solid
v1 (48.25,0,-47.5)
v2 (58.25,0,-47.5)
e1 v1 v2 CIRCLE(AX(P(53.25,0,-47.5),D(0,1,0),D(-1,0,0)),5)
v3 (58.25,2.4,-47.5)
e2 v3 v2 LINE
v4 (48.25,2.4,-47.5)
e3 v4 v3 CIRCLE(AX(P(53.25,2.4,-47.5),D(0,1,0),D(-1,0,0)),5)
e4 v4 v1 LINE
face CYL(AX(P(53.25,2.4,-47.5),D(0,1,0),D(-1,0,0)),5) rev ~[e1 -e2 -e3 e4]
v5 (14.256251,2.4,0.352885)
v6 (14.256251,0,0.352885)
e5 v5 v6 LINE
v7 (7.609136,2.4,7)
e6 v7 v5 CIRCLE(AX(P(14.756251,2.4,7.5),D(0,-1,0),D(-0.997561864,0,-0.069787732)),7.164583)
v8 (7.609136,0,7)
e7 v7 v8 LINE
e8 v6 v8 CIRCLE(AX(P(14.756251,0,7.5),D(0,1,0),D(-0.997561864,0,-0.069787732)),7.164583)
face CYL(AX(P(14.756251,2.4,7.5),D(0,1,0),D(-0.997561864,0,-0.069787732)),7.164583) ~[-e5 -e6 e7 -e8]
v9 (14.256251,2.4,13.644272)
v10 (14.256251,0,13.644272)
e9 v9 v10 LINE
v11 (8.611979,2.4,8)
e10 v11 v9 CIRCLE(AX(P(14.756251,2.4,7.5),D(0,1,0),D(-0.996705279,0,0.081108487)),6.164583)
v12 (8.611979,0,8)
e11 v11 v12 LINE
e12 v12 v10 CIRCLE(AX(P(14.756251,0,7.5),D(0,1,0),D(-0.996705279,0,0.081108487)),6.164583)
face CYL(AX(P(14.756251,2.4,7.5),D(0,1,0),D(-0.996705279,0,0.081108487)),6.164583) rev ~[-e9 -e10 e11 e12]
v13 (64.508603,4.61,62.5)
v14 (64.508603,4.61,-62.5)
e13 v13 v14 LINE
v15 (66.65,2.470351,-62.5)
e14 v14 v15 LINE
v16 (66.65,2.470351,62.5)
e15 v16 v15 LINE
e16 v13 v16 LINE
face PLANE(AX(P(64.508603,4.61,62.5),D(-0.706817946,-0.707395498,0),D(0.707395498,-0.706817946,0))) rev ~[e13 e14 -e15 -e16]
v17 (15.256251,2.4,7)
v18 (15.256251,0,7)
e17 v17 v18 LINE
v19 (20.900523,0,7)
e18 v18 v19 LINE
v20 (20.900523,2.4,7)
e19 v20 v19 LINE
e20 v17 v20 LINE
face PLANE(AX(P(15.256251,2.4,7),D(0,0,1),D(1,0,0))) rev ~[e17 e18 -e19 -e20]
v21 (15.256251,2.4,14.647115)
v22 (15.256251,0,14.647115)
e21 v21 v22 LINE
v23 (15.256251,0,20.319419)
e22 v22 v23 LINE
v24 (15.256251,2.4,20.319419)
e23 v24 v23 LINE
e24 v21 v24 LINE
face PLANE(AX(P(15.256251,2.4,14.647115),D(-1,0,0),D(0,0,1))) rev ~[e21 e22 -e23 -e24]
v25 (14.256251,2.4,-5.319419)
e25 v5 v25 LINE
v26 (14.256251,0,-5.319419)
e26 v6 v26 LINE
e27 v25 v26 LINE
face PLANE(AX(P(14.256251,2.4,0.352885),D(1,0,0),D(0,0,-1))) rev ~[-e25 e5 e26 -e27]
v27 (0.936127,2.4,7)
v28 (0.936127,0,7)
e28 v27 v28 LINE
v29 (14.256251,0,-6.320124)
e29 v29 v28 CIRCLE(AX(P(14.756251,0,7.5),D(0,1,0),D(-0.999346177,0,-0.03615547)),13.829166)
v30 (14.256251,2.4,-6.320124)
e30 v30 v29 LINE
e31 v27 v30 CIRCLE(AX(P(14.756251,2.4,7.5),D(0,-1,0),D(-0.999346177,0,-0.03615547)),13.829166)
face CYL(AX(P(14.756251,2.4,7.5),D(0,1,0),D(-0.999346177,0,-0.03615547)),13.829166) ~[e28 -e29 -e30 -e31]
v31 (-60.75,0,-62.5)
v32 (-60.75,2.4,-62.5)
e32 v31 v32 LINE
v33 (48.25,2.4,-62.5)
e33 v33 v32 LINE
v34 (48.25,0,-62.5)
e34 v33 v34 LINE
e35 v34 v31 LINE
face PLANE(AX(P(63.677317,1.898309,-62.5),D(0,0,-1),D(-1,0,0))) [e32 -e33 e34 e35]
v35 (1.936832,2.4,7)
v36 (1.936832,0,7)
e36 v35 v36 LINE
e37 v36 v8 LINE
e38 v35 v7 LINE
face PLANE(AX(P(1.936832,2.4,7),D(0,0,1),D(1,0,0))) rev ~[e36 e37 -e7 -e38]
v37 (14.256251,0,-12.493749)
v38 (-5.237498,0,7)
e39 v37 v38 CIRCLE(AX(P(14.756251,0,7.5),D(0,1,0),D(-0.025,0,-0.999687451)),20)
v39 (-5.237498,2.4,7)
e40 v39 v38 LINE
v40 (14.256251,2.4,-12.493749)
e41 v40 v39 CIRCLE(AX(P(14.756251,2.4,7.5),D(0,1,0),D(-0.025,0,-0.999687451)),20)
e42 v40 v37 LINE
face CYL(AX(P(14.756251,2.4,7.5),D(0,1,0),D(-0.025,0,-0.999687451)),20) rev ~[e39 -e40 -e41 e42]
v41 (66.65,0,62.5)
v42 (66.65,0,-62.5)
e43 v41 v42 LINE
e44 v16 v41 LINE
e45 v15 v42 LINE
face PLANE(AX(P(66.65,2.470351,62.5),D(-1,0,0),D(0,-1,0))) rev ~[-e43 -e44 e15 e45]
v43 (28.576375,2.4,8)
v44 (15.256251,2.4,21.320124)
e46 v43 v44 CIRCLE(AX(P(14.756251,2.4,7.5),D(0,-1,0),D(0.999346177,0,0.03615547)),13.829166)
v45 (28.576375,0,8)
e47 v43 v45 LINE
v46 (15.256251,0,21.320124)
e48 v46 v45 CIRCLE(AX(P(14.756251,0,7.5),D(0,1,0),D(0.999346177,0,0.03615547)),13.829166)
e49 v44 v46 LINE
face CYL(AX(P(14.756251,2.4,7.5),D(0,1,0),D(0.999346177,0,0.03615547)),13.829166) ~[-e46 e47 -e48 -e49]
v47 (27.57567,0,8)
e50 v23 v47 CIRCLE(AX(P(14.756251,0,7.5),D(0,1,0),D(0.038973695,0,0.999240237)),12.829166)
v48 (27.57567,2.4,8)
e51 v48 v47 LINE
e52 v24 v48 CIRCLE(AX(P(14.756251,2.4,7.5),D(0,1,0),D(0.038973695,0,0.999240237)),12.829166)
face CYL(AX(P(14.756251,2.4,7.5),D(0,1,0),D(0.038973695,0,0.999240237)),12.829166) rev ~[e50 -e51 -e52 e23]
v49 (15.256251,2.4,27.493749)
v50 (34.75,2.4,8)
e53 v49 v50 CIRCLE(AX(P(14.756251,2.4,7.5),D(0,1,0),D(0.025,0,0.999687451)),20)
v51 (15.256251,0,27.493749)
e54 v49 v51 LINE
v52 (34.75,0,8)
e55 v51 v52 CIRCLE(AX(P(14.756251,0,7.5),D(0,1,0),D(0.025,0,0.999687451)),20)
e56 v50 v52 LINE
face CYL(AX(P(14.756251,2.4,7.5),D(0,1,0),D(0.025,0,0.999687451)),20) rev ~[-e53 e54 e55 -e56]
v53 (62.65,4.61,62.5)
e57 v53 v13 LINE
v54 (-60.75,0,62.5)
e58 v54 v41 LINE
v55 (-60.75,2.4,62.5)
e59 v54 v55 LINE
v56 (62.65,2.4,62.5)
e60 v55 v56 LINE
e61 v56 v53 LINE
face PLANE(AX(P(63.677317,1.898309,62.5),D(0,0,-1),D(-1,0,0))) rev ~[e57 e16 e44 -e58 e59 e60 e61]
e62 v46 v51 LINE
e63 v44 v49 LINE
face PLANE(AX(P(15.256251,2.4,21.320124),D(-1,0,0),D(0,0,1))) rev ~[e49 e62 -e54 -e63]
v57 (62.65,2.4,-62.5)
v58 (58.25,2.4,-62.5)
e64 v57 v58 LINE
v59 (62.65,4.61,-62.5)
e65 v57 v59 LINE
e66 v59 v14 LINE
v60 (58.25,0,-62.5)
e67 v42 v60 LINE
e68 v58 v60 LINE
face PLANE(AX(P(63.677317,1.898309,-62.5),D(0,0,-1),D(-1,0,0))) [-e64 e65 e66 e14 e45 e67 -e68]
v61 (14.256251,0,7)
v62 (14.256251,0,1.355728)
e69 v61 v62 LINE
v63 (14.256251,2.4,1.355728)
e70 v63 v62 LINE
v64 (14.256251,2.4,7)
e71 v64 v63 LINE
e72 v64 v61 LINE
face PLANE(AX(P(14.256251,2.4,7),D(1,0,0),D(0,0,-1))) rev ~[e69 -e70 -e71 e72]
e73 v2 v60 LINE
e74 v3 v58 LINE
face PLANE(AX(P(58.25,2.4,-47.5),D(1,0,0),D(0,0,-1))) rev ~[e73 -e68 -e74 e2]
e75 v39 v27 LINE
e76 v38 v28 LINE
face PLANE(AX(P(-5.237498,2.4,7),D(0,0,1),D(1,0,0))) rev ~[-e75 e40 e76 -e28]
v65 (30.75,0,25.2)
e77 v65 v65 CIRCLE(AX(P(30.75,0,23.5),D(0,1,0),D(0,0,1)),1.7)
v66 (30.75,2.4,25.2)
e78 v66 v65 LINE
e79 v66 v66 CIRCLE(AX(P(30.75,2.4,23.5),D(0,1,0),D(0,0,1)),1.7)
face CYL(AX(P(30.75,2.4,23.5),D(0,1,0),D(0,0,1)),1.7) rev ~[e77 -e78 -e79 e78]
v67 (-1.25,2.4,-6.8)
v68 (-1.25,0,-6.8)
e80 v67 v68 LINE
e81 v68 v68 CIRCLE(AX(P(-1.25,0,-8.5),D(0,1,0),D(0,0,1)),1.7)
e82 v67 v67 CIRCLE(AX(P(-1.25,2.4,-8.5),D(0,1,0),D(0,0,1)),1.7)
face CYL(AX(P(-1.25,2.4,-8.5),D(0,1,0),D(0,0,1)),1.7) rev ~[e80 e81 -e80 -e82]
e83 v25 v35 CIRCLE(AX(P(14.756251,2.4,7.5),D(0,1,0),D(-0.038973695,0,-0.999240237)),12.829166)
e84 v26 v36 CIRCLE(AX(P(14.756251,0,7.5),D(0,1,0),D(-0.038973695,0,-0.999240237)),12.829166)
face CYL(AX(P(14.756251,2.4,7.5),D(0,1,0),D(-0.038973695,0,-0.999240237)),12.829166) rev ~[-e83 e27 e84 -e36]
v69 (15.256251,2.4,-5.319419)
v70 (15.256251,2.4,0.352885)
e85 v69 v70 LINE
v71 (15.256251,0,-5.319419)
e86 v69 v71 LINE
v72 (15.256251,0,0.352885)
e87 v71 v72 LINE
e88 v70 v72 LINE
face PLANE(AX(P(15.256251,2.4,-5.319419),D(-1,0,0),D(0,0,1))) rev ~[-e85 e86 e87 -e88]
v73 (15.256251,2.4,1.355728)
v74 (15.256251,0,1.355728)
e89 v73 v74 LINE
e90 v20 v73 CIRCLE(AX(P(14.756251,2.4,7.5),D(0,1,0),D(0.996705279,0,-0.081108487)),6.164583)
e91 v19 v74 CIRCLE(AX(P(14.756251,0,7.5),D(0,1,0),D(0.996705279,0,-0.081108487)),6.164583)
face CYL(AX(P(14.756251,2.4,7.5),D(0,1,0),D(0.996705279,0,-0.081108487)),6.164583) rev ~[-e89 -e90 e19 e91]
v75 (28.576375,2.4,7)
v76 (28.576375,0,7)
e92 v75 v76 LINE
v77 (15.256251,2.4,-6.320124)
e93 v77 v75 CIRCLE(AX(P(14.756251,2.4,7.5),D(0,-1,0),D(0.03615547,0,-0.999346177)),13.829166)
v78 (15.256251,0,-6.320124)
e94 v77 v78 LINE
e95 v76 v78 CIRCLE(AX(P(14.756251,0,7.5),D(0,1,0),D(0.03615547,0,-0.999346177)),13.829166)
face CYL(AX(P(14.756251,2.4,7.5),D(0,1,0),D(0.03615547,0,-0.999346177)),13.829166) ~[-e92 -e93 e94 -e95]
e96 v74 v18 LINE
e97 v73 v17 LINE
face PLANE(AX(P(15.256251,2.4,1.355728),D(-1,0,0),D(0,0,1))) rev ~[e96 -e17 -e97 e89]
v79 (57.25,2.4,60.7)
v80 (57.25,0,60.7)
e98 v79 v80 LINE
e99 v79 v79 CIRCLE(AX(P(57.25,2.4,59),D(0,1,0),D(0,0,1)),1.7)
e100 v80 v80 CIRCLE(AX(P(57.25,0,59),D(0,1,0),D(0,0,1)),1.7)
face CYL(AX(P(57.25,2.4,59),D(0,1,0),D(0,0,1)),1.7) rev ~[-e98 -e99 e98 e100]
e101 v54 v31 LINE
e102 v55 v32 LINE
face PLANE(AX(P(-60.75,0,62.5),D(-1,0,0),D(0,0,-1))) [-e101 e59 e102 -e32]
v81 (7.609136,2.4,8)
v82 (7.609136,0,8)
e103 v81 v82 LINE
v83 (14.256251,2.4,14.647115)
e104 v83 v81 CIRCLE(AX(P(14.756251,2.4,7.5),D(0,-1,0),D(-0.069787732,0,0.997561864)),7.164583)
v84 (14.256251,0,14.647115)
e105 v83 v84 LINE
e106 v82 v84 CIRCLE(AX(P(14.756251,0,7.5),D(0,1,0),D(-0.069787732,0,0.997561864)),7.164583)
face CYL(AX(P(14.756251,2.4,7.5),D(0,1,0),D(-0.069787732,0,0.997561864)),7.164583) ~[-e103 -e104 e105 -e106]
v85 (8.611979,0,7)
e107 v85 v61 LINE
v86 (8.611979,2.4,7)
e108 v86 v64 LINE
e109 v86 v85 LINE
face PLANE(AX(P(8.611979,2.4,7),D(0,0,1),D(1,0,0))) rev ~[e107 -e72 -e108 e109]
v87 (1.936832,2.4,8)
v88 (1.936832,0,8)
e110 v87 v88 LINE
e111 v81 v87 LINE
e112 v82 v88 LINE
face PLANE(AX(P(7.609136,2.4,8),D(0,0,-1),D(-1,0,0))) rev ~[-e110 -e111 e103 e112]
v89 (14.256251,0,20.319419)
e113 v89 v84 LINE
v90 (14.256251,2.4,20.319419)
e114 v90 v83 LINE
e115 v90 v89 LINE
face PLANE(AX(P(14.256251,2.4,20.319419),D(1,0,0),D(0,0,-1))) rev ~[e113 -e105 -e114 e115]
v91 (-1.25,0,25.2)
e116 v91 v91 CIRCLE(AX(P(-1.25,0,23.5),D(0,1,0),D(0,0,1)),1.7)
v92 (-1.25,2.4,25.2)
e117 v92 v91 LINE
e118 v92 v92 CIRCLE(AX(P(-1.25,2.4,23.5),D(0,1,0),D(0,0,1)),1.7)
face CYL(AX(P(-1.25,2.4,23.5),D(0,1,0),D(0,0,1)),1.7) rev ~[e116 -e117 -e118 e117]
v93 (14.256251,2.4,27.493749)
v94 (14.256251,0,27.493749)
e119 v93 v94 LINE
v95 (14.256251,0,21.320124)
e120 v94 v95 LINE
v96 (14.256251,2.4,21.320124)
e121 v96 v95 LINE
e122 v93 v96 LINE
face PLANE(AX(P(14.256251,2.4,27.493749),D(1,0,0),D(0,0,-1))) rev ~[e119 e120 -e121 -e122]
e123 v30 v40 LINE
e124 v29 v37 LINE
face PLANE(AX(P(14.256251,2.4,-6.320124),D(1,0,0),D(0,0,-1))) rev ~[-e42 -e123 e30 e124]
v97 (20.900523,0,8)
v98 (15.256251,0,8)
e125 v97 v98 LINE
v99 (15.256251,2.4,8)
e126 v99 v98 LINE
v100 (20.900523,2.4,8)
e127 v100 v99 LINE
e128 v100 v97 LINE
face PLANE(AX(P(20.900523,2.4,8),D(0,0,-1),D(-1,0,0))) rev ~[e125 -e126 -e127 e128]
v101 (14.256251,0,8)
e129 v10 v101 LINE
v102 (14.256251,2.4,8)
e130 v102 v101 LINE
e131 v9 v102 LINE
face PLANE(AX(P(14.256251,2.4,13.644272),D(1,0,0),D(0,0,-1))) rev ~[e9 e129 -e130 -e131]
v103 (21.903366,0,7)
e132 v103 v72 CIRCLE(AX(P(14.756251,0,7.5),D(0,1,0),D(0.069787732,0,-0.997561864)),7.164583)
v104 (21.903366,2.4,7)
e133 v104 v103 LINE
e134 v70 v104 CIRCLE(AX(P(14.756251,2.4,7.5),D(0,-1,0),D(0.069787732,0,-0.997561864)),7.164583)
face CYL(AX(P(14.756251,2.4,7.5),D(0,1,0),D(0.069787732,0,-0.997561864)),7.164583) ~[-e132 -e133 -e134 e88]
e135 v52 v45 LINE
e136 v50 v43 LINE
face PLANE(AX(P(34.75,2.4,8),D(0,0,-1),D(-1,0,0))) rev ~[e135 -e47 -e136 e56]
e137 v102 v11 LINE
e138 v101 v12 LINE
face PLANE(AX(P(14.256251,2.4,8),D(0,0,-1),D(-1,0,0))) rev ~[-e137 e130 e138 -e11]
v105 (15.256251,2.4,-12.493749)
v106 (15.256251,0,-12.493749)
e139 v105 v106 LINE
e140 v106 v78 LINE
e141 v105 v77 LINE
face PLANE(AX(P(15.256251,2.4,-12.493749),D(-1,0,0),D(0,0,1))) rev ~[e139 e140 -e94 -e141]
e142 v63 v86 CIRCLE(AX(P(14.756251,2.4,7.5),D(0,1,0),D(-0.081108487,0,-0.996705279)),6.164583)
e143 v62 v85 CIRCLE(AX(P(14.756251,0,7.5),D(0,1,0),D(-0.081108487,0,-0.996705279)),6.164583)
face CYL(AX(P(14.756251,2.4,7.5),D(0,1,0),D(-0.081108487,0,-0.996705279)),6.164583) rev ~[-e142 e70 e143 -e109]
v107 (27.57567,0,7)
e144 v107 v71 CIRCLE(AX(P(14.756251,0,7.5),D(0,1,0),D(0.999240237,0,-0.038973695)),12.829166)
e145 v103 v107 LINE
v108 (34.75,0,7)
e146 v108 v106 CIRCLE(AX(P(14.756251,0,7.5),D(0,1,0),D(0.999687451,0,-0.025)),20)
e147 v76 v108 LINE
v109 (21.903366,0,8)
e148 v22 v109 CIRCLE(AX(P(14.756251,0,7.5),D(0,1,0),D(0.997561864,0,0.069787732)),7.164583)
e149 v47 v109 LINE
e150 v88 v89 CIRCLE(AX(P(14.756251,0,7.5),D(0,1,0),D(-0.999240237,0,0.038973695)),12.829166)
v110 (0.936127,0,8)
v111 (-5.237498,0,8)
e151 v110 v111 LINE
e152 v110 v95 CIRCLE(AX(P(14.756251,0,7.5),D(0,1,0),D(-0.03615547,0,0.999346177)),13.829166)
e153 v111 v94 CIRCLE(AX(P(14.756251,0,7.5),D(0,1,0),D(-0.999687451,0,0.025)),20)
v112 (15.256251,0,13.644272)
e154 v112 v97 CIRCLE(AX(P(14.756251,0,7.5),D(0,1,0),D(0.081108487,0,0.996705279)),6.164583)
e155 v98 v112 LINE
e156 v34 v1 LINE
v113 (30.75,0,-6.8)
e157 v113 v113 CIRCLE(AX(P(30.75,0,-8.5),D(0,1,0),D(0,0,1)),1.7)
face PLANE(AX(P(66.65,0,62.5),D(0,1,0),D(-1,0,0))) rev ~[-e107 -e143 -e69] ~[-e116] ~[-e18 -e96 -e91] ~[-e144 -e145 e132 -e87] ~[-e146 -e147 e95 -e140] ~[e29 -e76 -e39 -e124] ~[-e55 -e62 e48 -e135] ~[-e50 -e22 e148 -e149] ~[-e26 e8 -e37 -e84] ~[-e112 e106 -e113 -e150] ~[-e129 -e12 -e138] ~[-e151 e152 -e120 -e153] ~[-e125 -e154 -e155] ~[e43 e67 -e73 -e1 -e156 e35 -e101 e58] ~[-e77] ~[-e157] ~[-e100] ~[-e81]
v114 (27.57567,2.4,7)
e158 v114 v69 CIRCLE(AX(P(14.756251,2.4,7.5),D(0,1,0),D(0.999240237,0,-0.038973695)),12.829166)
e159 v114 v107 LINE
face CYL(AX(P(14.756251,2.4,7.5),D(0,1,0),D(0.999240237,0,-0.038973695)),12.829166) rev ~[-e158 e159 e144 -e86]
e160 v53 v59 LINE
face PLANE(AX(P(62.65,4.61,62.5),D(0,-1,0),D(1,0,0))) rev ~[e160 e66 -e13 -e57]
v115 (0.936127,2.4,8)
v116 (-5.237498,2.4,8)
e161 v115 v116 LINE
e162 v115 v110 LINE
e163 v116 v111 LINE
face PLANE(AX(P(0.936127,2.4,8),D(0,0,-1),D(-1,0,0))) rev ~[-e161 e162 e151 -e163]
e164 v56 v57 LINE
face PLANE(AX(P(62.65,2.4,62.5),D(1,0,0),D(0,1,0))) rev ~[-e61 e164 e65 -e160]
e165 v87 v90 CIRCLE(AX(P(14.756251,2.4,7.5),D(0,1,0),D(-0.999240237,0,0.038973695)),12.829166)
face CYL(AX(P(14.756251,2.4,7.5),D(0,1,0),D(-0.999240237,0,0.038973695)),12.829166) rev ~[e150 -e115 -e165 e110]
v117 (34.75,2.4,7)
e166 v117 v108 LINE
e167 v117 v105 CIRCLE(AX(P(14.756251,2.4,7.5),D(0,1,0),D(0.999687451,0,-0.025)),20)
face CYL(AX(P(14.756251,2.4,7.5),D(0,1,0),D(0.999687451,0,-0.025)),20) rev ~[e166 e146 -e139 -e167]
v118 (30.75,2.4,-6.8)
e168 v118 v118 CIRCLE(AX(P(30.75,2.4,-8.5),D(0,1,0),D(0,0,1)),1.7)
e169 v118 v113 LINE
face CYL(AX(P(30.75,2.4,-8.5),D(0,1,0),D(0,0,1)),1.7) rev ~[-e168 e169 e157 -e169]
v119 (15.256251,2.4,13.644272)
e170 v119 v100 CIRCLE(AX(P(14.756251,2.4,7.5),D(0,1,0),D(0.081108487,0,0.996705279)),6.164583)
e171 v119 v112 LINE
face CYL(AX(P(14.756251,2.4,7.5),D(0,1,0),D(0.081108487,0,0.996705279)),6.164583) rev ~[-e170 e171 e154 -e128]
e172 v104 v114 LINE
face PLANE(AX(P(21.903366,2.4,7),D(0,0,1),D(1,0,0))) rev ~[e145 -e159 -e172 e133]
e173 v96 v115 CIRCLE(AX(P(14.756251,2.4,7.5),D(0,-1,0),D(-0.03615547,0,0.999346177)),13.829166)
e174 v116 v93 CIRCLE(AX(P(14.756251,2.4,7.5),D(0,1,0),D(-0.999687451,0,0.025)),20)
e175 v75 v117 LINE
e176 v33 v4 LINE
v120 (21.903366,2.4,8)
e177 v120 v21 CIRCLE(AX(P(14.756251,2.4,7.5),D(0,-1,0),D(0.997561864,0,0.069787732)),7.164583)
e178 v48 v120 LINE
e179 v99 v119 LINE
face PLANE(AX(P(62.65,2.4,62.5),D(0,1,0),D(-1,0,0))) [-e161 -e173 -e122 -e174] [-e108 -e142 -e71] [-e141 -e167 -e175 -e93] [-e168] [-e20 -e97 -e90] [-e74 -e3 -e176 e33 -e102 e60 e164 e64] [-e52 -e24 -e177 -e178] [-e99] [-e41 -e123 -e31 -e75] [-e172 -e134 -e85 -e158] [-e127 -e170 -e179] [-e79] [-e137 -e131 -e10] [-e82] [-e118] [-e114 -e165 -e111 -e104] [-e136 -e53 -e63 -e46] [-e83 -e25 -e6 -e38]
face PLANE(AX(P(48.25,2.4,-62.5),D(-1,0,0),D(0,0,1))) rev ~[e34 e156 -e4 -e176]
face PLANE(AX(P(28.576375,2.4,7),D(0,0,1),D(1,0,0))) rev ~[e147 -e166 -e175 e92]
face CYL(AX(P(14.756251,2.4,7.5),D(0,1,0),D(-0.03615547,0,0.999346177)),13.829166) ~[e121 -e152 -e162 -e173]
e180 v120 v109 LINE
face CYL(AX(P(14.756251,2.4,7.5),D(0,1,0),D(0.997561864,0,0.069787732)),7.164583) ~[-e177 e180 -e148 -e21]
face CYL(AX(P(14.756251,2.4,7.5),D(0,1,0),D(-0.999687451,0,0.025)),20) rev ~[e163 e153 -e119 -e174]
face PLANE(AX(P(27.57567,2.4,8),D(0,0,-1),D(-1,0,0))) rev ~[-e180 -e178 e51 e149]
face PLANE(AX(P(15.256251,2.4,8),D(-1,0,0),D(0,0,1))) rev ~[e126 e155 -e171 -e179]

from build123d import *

# Parameters (mm, degrees)
SKETCH1_W           = 121.5
SKETCH1_H           = 125
BOSS_EXTRUDE1_DEPTH = 2.4
BOSS_EXTRUDE2_DEPTH = 125
SKETCH4_R           = 1.7
CUT_EXTRUDE1_DEPTH  = 92.401490688
CUT_EXTRUDE2_DEPTH  = 92.401490688
SKETCH6_R           = 1.7
CUT_EXTRUDE3_DEPTH  = 92.401490688
CUT_EXTRUDE4_DEPTH  = 92.401490688
CIRPATTERN1_COUNT   = 4


with BuildPart() as part:
    # Sketch1 → Boss-Extrude1 (new body)
    with BuildSketch(Plane(origin=(0, 0, 0), x_dir=(1, 0, 0), z_dir=(0, 1, 0))):
        Rectangle(SKETCH1_W, SKETCH1_H)
    extrude(amount=BOSS_EXTRUDE1_DEPTH)

    # Sketch3 → Boss-Extrude2 (add)
    with BuildSketch(Plane.XY.offset(62.5)):
        Polygon((60.75, 0), (60.75, 2.4), (62.55, 2.4), (62.65, 2.4), (62.65, 4.61), (64.508602565, 4.61), (66.65, 2.470350907), (66.65, 0), align=None)
    extrude(amount=-BOSS_EXTRUDE2_DEPTH)

    # Sketch4 → Cut-Extrude1 (cut, through all)
    with BuildSketch(Plane(origin=(0, 2.4, 0), x_dir=(1, 0, 0), z_dir=(0, 1, 0))):
        with Locations(Location((57.25, -59, 0), (0, 0, 270))):
            Circle(SKETCH4_R)
    extrude(amount=-CUT_EXTRUDE1_DEPTH, mode=Mode.SUBTRACT)

    # Sketch5 → Cut-Extrude2 (cut, through all)
    with BuildSketch(Plane(origin=(0, 2.4, 0), x_dir=(1, 0, 0), z_dir=(0, 1, 0))):
        with BuildLine():
            Line((58.25, 47.5), (58.25, 62.5))
            Line((58.25, 62.5), (48.25, 62.5))
            Line((48.25, 62.5), (48.25, 47.5))
            ThreePointArc((48.25, 47.5), (53.25, 42.5), (58.25, 47.5))
        make_face()
    extrude(amount=-CUT_EXTRUDE2_DEPTH, mode=Mode.SUBTRACT)

    # Sketch6 → Cut-Extrude3 (cut, through all)
    with BuildSketch(Plane(origin=(0, 2.4, 0), x_dir=(1, 0, 0), z_dir=(0, 1, 0))):
        with Locations(Location((-1.25, -23.5, 0), (0, 0, 270))):
            Circle(SKETCH6_R)
        with Locations(Location((30.75, -23.5, 0), (0, 0, 270))):
            Circle(SKETCH6_R)
        with Locations(Location((30.75, 8.5, 0), (0, 0, 270))):
            Circle(SKETCH6_R)
        with Locations(Location((-1.25, 8.5, 0), (0, 0, 270))):
            Circle(SKETCH6_R)
    extrude(amount=-CUT_EXTRUDE3_DEPTH, mode=Mode.SUBTRACT)

    # Sketch7 → Cut-Extrude4 (cut, through all)
    with BuildSketch(Plane(origin=(0, 2.4, 0), x_dir=(1, 0, 0), z_dir=(0, 1, 0))):
        with BuildLine():
            Line((15.256250977, -7), (20.900523404, -7))
            ThreePointArc((20.900523404, -7), (19.115269425, -3.140981552), (15.256250977, -1.355727573))
            Line((15.256250977, -1.355727573), (15.256250977, -7))
        make_face()
        with BuildLine():
            Line((21.903365757, -7), (27.575669866, -7))
            ThreePointArc((27.575669866, -7), (23.827841263, 1.571590286), (15.256250977, 5.319418889))
            Line((15.256250977, 5.319418889), (15.256250977, -0.35288522))
            ThreePointArc((15.256250977, -0.35288522), (19.822376206, -2.433874771), (21.903365757, -7))
        make_face()
        with BuildLine():
            ThreePointArc((15.256250977, 6.320124192), (24.534948045, 2.278697068), (28.576375169, -7))
            Line((28.576375169, -7), (34.75, -7))
            ThreePointArc((34.75, -7), (28.898386601, 6.642135624), (15.256250977, 12.493749023))
            Line((15.256250977, 12.493749023), (15.256250977, 6.320124192))
        make_face()
    cut_extrude4 = extrude(amount=-CUT_EXTRUDE4_DEPTH, mode=Mode.SUBTRACT)

    # CirPattern1: Cut-Extrude4 ×4 about axis
    cirpattern1_axis = Axis((14.756250977, 0, 7.5), (0, 1, 0))
    for i in range(1, CIRPATTERN1_COUNT):
        add(cut_extrude4.rotate(cirpattern1_axis, i * 360 / CIRPATTERN1_COUNT), mode=Mode.SUBTRACT)


solid = part.part
